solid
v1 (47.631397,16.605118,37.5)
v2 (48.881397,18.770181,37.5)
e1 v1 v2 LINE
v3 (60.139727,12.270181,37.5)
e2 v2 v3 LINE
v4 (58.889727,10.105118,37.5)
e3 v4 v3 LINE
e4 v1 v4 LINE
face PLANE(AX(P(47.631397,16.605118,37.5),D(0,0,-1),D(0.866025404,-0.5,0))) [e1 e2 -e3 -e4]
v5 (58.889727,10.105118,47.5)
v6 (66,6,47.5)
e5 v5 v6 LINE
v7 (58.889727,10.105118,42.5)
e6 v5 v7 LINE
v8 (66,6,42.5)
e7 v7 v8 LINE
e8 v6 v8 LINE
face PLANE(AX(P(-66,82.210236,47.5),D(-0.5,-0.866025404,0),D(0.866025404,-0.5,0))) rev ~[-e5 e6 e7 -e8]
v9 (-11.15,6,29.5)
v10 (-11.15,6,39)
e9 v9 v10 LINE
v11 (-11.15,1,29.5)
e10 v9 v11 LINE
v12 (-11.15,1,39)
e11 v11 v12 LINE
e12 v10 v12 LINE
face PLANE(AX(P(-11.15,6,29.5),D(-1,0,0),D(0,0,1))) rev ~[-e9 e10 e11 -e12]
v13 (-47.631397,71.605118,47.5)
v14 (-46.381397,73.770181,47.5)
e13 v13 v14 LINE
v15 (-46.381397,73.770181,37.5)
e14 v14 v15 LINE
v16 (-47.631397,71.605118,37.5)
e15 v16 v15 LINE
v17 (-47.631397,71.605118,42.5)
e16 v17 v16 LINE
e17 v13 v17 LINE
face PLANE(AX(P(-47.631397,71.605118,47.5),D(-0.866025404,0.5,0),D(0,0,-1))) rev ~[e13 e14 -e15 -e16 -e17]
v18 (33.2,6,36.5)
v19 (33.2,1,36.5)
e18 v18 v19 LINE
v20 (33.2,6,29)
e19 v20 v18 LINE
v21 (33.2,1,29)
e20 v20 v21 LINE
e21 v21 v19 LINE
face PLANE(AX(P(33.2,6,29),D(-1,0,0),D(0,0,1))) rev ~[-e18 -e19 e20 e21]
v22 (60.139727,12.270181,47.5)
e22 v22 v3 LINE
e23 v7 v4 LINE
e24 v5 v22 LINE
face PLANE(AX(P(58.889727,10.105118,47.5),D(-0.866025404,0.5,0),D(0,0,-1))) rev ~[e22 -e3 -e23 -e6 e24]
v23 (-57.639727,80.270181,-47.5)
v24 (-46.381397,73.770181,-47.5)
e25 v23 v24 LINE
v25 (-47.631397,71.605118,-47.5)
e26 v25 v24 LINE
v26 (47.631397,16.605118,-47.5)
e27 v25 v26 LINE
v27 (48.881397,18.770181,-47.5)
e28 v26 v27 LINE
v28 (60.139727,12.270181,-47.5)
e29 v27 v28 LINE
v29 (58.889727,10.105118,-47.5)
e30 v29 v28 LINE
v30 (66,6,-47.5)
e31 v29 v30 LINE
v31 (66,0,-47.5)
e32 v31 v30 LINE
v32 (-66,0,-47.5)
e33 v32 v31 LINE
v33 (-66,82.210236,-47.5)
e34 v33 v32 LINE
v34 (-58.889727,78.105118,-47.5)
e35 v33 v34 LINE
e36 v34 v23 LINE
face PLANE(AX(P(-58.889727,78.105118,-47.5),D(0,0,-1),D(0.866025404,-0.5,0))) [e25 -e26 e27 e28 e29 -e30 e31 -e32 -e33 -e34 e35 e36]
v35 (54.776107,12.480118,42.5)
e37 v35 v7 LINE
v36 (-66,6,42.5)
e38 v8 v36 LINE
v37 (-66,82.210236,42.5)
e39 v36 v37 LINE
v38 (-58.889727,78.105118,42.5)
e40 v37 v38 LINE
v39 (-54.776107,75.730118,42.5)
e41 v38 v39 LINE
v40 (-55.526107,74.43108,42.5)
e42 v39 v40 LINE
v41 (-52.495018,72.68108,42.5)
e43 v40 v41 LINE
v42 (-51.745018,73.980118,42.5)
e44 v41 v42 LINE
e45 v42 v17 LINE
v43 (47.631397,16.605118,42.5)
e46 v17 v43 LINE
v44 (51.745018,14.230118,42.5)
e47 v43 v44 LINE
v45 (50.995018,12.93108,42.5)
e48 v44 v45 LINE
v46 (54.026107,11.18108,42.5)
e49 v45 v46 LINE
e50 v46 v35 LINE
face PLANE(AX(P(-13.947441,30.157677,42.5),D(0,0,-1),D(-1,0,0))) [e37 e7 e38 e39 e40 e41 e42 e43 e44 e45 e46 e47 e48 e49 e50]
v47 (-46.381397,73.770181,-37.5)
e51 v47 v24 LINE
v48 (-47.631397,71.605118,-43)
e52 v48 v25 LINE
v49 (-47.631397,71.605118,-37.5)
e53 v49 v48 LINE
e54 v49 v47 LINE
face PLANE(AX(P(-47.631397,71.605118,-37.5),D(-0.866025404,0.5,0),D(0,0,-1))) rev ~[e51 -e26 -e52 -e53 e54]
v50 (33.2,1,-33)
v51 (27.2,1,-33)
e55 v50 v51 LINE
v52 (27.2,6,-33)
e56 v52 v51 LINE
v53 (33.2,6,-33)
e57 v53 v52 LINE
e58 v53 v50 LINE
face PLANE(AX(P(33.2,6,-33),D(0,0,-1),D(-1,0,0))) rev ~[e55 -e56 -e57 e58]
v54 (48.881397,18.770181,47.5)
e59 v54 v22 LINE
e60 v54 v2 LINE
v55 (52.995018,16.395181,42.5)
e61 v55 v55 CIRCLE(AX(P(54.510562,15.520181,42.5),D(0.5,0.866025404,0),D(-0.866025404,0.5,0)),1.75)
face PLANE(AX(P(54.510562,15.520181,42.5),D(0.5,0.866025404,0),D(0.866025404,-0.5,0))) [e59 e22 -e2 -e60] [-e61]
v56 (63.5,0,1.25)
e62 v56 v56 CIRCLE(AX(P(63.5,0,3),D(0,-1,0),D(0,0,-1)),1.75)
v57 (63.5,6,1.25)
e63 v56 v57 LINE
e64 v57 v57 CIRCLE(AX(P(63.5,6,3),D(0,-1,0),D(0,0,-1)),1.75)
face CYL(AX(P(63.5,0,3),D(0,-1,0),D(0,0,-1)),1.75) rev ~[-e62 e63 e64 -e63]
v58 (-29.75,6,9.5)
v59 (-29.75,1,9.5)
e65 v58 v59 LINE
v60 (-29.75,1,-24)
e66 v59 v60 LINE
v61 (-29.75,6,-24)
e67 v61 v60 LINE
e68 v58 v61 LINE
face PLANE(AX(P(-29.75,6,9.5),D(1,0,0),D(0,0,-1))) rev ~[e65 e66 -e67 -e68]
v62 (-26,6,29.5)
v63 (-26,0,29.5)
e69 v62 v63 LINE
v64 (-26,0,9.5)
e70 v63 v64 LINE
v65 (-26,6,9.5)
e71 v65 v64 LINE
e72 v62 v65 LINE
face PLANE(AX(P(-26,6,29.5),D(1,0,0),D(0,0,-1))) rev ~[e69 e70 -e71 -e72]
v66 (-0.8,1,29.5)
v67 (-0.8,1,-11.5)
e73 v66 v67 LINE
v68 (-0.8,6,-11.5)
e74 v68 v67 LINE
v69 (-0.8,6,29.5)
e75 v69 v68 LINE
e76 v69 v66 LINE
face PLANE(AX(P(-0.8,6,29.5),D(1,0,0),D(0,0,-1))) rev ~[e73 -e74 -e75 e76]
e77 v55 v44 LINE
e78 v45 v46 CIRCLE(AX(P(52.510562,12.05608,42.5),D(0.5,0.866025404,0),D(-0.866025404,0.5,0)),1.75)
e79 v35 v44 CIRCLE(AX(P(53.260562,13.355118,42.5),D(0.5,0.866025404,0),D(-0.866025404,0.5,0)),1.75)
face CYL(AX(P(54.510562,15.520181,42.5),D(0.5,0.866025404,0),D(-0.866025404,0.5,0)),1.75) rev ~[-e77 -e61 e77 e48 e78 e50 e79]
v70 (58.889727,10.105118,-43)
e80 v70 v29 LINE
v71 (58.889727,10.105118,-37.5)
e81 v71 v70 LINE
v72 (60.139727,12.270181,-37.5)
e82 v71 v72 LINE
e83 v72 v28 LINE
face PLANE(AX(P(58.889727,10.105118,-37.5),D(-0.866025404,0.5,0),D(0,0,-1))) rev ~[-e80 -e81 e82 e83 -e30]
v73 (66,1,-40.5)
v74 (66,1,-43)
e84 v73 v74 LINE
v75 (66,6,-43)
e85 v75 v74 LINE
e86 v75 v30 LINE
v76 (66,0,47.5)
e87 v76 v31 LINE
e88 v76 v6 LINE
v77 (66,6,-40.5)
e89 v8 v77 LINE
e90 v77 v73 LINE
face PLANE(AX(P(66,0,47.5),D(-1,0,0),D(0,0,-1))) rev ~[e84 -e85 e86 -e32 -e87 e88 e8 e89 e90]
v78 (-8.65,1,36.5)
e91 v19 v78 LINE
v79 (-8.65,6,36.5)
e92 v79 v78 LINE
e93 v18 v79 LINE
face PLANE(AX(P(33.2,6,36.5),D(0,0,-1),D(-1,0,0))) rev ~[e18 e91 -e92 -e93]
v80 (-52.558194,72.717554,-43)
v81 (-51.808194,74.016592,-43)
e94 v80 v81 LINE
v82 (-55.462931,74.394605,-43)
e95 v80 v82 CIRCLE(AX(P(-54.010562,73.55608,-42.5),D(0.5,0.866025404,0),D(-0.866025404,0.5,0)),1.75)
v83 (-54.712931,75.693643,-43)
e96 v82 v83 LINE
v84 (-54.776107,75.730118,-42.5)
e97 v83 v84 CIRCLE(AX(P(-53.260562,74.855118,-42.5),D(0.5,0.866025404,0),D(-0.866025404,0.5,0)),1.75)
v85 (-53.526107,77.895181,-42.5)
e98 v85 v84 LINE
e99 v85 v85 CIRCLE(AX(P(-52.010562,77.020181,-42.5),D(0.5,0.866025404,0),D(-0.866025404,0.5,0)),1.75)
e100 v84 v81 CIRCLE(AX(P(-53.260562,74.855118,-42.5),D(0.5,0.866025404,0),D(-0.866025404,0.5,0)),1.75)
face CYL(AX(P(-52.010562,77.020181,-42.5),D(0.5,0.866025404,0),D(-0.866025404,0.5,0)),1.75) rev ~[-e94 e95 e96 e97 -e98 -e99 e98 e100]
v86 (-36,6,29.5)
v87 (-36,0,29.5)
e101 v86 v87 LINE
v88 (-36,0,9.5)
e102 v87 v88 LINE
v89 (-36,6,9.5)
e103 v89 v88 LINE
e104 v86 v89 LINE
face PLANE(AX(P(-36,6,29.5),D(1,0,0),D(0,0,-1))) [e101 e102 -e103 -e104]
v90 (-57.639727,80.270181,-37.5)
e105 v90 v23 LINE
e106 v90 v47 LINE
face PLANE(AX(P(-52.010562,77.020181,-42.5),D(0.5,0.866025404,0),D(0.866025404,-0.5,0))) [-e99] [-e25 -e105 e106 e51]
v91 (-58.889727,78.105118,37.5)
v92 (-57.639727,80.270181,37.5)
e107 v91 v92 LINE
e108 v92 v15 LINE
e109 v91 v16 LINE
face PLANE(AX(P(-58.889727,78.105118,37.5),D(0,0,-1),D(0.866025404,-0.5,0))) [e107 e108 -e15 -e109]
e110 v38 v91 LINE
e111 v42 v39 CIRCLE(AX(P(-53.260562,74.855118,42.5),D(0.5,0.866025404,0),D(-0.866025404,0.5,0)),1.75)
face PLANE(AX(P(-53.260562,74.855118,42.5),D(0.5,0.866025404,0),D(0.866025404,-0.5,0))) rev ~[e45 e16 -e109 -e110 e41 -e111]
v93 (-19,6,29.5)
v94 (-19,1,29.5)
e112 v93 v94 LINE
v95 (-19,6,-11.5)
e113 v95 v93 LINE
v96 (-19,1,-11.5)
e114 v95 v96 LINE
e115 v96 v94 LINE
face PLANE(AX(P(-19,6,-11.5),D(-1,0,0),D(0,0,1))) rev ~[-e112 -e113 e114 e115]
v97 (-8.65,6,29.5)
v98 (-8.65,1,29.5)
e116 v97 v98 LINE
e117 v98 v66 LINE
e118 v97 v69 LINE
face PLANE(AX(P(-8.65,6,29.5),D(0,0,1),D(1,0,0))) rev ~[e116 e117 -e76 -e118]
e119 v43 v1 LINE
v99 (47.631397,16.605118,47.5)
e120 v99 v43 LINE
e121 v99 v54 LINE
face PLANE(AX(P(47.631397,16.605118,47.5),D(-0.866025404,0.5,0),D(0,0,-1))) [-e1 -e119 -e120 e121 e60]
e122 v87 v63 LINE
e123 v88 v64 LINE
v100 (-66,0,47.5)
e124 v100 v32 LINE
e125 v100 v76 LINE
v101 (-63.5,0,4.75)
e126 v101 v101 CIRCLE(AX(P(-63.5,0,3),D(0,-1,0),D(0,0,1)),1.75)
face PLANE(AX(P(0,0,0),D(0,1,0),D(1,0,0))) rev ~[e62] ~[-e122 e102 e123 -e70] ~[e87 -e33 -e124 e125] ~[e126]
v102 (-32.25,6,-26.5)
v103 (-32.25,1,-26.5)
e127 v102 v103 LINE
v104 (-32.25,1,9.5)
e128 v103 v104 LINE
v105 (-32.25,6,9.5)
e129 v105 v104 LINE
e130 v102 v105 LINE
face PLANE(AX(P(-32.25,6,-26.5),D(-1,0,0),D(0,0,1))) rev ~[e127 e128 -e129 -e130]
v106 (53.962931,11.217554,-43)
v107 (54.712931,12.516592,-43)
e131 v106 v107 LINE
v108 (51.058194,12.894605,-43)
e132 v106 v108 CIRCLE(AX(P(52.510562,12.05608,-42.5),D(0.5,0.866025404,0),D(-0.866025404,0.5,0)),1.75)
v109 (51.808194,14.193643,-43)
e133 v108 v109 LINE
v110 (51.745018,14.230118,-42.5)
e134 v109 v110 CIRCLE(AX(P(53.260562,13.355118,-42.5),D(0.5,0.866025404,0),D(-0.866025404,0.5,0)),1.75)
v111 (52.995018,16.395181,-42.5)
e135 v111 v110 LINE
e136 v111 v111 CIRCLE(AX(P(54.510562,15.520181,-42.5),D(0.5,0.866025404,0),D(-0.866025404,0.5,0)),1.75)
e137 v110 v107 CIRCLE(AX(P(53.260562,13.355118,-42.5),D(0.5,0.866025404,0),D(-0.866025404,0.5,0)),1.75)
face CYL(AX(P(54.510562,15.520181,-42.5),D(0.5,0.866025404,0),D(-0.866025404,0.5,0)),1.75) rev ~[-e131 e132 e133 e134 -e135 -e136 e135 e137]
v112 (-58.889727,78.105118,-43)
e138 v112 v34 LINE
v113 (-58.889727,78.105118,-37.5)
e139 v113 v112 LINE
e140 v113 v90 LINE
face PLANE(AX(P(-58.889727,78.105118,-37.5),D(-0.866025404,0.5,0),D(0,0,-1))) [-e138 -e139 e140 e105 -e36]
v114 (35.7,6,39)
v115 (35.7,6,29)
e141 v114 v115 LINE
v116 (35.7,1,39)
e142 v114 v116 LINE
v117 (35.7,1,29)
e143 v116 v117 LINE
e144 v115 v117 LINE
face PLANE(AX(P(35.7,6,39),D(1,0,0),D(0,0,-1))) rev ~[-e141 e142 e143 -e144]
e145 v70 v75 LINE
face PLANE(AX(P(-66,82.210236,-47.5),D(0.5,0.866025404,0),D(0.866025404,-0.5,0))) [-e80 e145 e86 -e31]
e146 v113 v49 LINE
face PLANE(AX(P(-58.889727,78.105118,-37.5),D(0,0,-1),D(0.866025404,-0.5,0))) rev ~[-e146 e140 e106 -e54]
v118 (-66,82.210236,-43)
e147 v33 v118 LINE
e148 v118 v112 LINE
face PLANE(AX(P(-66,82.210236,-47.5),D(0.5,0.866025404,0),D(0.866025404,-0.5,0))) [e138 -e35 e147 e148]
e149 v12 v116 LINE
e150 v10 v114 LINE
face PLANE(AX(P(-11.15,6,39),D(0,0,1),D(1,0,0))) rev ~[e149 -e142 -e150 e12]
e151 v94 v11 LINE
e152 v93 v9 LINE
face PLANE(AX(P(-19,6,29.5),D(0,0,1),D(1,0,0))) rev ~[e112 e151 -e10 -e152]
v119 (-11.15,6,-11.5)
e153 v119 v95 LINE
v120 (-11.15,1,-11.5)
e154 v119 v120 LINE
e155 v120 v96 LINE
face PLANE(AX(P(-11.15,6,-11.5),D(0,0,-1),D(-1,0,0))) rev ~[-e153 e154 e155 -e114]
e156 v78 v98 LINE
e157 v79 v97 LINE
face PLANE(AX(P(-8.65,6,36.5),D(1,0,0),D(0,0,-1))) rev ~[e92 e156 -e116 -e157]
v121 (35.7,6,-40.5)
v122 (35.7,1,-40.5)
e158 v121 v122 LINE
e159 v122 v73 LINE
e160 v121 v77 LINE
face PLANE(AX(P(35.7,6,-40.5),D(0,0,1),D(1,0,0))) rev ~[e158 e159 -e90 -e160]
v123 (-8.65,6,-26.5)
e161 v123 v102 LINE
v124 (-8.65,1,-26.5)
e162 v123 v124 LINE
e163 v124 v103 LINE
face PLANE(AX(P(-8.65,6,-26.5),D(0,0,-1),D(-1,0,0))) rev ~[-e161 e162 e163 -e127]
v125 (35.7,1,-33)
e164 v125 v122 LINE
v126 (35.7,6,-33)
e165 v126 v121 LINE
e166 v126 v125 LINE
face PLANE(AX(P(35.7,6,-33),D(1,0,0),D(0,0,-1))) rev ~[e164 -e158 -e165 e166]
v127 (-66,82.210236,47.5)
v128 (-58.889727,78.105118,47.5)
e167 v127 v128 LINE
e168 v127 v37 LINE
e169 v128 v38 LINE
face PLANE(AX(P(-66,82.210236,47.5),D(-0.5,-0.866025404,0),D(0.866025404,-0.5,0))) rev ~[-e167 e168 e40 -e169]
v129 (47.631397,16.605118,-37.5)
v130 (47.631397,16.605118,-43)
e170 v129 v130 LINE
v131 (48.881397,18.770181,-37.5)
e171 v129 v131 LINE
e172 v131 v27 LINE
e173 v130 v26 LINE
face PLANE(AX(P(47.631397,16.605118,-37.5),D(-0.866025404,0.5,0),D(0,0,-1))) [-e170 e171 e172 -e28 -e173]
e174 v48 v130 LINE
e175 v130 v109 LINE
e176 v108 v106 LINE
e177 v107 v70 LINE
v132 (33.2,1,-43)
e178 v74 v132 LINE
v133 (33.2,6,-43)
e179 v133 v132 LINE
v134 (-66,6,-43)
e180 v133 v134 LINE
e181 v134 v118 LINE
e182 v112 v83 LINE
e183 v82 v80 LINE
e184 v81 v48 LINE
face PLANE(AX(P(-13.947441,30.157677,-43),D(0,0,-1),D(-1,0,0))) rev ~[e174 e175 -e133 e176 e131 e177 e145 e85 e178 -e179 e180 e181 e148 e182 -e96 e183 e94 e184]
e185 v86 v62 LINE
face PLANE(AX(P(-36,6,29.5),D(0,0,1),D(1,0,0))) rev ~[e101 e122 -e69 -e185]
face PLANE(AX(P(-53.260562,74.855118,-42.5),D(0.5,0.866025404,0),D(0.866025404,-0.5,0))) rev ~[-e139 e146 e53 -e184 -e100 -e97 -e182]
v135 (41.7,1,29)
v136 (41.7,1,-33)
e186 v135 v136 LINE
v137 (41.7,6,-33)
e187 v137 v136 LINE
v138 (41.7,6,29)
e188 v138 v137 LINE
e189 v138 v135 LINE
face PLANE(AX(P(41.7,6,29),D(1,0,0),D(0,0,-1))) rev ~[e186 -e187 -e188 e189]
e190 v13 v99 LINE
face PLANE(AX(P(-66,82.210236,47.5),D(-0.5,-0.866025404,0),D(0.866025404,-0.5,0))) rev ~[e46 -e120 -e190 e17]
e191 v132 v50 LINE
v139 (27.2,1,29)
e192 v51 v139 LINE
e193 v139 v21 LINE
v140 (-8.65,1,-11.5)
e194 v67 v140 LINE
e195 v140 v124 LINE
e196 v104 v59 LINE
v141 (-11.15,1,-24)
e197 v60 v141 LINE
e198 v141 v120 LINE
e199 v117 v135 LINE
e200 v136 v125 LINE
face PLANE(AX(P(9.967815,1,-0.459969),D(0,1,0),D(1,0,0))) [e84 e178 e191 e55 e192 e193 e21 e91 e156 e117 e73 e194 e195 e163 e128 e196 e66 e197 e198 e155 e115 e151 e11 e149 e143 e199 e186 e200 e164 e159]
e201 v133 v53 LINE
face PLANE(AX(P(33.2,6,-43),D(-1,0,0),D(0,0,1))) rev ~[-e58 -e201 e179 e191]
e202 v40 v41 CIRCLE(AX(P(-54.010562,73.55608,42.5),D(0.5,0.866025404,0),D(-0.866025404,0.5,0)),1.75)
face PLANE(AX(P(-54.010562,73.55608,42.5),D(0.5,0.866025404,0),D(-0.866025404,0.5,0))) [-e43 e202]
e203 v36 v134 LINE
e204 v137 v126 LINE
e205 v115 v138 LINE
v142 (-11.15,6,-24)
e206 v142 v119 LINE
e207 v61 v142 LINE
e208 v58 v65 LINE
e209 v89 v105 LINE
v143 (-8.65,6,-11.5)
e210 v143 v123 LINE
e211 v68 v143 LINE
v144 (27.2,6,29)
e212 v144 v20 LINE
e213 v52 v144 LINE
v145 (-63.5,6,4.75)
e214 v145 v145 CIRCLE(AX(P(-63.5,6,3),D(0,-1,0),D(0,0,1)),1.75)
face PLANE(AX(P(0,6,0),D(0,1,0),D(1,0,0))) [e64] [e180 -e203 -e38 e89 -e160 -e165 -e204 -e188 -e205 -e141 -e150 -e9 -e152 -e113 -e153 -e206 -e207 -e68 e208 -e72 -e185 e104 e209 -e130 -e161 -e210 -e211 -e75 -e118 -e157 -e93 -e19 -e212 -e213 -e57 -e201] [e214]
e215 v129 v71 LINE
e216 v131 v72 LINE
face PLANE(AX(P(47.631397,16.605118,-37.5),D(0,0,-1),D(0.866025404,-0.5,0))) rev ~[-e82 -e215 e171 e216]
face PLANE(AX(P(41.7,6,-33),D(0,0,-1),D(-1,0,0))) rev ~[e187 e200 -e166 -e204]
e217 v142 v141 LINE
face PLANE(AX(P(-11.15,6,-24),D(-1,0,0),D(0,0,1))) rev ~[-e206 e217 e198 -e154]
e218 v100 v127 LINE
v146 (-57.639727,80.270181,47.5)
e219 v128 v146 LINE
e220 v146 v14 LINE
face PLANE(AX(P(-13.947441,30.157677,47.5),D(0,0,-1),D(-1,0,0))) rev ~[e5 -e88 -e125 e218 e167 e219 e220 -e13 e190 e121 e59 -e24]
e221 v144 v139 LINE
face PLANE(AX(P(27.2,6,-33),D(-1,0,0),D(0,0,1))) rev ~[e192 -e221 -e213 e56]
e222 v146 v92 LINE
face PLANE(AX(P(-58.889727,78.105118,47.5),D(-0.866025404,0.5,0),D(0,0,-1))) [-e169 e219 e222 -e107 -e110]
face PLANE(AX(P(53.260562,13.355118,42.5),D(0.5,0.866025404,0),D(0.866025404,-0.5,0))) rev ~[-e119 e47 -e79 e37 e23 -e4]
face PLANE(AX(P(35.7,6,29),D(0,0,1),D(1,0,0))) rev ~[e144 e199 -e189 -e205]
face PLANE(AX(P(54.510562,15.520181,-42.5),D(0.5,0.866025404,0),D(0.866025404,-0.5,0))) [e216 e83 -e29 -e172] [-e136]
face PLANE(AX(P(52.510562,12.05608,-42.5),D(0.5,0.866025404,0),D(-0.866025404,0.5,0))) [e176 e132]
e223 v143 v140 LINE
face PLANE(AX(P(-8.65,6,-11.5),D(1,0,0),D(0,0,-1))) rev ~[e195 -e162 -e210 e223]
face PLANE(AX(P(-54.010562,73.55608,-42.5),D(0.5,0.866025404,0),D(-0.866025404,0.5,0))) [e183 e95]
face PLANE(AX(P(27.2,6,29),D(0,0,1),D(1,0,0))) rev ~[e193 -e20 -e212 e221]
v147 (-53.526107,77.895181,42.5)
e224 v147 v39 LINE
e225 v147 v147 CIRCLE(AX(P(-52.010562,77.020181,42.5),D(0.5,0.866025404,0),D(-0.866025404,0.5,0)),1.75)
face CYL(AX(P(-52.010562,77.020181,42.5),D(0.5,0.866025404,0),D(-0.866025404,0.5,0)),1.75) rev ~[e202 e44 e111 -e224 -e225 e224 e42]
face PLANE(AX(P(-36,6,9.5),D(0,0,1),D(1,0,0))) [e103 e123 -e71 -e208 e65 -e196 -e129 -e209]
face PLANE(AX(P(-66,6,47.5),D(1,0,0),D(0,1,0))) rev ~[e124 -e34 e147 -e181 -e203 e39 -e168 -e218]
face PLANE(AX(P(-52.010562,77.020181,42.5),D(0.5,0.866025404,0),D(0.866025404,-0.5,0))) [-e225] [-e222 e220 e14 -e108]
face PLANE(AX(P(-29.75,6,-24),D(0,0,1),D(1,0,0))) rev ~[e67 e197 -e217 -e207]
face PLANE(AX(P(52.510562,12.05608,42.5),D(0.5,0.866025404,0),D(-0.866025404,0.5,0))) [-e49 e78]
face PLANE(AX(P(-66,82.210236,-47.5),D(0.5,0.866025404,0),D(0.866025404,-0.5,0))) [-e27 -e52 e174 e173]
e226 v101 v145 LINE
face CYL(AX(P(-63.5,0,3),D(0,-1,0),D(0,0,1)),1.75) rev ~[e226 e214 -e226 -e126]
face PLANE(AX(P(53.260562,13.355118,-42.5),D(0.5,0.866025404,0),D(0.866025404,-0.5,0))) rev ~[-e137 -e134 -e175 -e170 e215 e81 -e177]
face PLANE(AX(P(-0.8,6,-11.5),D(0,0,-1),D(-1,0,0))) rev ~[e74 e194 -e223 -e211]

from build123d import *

# Parameters (mm, degrees)
SKETCH1_W           = 132
SKETCH1_H           = 95
BOSS_EXTRUDE1_DEPTH = 6
SKETCH3_W           = 10
SKETCH3_H           = 20
CUT_EXTRUDE2_DEPTH  = 10
CUT_EXTRUDE3_DEPTH  = 5
BOSS_EXTRUDE2_DEPTH = 4.5
BOSS_EXTRUDE3_DEPTH = 5
SKETCH9_R           = 1.75
CUT_EXTRUDE4_DEPTH  = 10
SKETCH10_W          = 13
SKETCH10_H          = 10
BOSS_EXTRUDE4_DEPTH = 2.5
SKETCH12_R          = 1.75
CUT_EXTRUDE6_DEPTH  = 4


with BuildPart() as part:
    # Sketch1 → Boss-Extrude1 (new body)
    with BuildSketch(Plane(origin=(0, 0, 0), x_dir=(1, 0, 0), z_dir=(0, 1, 0))):
        Rectangle(SKETCH1_W, SKETCH1_H)
    extrude(amount=BOSS_EXTRUDE1_DEPTH)

    # Sketch3 → Cut-Extrude2 (cut)
    with BuildSketch(Plane(origin=(0, 6, 0), x_dir=(1, 0, 0), z_dir=(0, 1, 0))):
        with Locations((-31, -19.5)):
            Rectangle(SKETCH3_W, SKETCH3_H)
    extrude(amount=-CUT_EXTRUDE2_DEPTH, mode=Mode.SUBTRACT)

    # Sketch4 → Cut-Extrude3 (cut)
    with BuildSketch(Plane(origin=(0, 6, 0), x_dir=(1, 0, 0), z_dir=(0, 1, 0))):
        Polygon((-11.15, 24), (-11.15, 11.5), (-19, 11.5), (-19, -29.5), (-11.15, -29.5), (-11.15, -39), (-8.65, -39), (33.2, -39), (35.7, -39), (35.7, -29), (41.7, -29), (41.7, 33), (35.7, 33), (35.7, 40.5), (66, 40.5), (66, 43), (35.7, 43), (33.2, 43), (33.2, 33), (27.2, 33), (27.2, -29), (33.2, -29), (33.2, -36.5), (-8.65, -36.5), (-8.65, -29.5), (-0.8, -29.5), (-0.8, 11.5), (-8.65, 11.5), (-8.65, 26.5), (-11.15, 26.5), (-32.25, 26.5), (-32.25, 24), (-32.25, -9.5), (-29.75, -9.5), (-29.75, 24), align=None)
    extrude(amount=-CUT_EXTRUDE3_DEPTH, mode=Mode.SUBTRACT)

    # Sketch6 → Boss-Extrude2 (add)
    with BuildSketch(Plane(origin=(0, 0, -47.5), x_dir=(-1, 0, 0), z_dir=(0, 0, -1))):
        Polygon((66, 6), (66, 82.210235533), (-66, 6), align=None)
    extrude(amount=-BOSS_EXTRUDE2_DEPTH)

    # Sketch7 → Boss-Extrude3 (add)
    with BuildSketch(Plane.XY.offset(47.5)):
        Polygon((-66, 6), (-66, 82.210235533), (66, 6), align=None)
    extrude(amount=-BOSS_EXTRUDE3_DEPTH)

    # Sketch9 → Cut-Extrude4 (cut)
    with BuildSketch(Plane.XZ):
        with Locations(Location((63.5, 3, 0), (0, 0, 270))):
            Circle(SKETCH9_R)
        with Locations(Location((-63.5, 3, 0), (0, 0, 90))):
            Circle(SKETCH9_R)
    extrude(amount=-CUT_EXTRUDE4_DEPTH, mode=Mode.SUBTRACT)

    # Sketch10 → Boss-Extrude4 (add)
    with BuildSketch(Plane(origin=(19.098076211, 33.078838325, 0), x_dir=(0.8660254037844417, -0.49999999999999495, 0), z_dir=(0.49999999999999495, 0.8660254037844417, 0))):
        with Locations((-83.552558883, 42.5)):
            Rectangle(SKETCH10_W, SKETCH10_H)
        with Locations((39.447441117, 42.5)):
            Rectangle(SKETCH10_W, SKETCH10_H)
        with Locations((-83.552558883, -42.5)):
            Rectangle(SKETCH10_W, SKETCH10_H)
        with Locations((39.447441117, -42.5)):
            Rectangle(SKETCH10_W, SKETCH10_H)
    extrude(amount=BOSS_EXTRUDE4_DEPTH)

    # Sketch12 → Cut-Extrude6 (cut)
    with BuildSketch(Plane(origin=(20.348076211, 35.243901834, 0), x_dir=(0.8660254037844417, -0.4999999999999949, 0), z_dir=(0.4999999999999949, 0.8660254037844417, 0))):
        with Locations(Location((39.447441117, 42.5, 0), (0, 0, 180))):
            Circle(SKETCH12_R)
        with Locations(Location((-83.552558883, 42.5, 0), (0, 0, 180))):
            Circle(SKETCH12_R)
        with Locations(Location((-83.552558883, -42.5, 0), (0, 0, 180))):
            Circle(SKETCH12_R)
        with Locations(Location((39.447441117, -42.5, 0), (0, 0, 180))):
            Circle(SKETCH12_R)
    extrude(amount=-CUT_EXTRUDE6_DEPTH, mode=Mode.SUBTRACT)


solid = part.part
